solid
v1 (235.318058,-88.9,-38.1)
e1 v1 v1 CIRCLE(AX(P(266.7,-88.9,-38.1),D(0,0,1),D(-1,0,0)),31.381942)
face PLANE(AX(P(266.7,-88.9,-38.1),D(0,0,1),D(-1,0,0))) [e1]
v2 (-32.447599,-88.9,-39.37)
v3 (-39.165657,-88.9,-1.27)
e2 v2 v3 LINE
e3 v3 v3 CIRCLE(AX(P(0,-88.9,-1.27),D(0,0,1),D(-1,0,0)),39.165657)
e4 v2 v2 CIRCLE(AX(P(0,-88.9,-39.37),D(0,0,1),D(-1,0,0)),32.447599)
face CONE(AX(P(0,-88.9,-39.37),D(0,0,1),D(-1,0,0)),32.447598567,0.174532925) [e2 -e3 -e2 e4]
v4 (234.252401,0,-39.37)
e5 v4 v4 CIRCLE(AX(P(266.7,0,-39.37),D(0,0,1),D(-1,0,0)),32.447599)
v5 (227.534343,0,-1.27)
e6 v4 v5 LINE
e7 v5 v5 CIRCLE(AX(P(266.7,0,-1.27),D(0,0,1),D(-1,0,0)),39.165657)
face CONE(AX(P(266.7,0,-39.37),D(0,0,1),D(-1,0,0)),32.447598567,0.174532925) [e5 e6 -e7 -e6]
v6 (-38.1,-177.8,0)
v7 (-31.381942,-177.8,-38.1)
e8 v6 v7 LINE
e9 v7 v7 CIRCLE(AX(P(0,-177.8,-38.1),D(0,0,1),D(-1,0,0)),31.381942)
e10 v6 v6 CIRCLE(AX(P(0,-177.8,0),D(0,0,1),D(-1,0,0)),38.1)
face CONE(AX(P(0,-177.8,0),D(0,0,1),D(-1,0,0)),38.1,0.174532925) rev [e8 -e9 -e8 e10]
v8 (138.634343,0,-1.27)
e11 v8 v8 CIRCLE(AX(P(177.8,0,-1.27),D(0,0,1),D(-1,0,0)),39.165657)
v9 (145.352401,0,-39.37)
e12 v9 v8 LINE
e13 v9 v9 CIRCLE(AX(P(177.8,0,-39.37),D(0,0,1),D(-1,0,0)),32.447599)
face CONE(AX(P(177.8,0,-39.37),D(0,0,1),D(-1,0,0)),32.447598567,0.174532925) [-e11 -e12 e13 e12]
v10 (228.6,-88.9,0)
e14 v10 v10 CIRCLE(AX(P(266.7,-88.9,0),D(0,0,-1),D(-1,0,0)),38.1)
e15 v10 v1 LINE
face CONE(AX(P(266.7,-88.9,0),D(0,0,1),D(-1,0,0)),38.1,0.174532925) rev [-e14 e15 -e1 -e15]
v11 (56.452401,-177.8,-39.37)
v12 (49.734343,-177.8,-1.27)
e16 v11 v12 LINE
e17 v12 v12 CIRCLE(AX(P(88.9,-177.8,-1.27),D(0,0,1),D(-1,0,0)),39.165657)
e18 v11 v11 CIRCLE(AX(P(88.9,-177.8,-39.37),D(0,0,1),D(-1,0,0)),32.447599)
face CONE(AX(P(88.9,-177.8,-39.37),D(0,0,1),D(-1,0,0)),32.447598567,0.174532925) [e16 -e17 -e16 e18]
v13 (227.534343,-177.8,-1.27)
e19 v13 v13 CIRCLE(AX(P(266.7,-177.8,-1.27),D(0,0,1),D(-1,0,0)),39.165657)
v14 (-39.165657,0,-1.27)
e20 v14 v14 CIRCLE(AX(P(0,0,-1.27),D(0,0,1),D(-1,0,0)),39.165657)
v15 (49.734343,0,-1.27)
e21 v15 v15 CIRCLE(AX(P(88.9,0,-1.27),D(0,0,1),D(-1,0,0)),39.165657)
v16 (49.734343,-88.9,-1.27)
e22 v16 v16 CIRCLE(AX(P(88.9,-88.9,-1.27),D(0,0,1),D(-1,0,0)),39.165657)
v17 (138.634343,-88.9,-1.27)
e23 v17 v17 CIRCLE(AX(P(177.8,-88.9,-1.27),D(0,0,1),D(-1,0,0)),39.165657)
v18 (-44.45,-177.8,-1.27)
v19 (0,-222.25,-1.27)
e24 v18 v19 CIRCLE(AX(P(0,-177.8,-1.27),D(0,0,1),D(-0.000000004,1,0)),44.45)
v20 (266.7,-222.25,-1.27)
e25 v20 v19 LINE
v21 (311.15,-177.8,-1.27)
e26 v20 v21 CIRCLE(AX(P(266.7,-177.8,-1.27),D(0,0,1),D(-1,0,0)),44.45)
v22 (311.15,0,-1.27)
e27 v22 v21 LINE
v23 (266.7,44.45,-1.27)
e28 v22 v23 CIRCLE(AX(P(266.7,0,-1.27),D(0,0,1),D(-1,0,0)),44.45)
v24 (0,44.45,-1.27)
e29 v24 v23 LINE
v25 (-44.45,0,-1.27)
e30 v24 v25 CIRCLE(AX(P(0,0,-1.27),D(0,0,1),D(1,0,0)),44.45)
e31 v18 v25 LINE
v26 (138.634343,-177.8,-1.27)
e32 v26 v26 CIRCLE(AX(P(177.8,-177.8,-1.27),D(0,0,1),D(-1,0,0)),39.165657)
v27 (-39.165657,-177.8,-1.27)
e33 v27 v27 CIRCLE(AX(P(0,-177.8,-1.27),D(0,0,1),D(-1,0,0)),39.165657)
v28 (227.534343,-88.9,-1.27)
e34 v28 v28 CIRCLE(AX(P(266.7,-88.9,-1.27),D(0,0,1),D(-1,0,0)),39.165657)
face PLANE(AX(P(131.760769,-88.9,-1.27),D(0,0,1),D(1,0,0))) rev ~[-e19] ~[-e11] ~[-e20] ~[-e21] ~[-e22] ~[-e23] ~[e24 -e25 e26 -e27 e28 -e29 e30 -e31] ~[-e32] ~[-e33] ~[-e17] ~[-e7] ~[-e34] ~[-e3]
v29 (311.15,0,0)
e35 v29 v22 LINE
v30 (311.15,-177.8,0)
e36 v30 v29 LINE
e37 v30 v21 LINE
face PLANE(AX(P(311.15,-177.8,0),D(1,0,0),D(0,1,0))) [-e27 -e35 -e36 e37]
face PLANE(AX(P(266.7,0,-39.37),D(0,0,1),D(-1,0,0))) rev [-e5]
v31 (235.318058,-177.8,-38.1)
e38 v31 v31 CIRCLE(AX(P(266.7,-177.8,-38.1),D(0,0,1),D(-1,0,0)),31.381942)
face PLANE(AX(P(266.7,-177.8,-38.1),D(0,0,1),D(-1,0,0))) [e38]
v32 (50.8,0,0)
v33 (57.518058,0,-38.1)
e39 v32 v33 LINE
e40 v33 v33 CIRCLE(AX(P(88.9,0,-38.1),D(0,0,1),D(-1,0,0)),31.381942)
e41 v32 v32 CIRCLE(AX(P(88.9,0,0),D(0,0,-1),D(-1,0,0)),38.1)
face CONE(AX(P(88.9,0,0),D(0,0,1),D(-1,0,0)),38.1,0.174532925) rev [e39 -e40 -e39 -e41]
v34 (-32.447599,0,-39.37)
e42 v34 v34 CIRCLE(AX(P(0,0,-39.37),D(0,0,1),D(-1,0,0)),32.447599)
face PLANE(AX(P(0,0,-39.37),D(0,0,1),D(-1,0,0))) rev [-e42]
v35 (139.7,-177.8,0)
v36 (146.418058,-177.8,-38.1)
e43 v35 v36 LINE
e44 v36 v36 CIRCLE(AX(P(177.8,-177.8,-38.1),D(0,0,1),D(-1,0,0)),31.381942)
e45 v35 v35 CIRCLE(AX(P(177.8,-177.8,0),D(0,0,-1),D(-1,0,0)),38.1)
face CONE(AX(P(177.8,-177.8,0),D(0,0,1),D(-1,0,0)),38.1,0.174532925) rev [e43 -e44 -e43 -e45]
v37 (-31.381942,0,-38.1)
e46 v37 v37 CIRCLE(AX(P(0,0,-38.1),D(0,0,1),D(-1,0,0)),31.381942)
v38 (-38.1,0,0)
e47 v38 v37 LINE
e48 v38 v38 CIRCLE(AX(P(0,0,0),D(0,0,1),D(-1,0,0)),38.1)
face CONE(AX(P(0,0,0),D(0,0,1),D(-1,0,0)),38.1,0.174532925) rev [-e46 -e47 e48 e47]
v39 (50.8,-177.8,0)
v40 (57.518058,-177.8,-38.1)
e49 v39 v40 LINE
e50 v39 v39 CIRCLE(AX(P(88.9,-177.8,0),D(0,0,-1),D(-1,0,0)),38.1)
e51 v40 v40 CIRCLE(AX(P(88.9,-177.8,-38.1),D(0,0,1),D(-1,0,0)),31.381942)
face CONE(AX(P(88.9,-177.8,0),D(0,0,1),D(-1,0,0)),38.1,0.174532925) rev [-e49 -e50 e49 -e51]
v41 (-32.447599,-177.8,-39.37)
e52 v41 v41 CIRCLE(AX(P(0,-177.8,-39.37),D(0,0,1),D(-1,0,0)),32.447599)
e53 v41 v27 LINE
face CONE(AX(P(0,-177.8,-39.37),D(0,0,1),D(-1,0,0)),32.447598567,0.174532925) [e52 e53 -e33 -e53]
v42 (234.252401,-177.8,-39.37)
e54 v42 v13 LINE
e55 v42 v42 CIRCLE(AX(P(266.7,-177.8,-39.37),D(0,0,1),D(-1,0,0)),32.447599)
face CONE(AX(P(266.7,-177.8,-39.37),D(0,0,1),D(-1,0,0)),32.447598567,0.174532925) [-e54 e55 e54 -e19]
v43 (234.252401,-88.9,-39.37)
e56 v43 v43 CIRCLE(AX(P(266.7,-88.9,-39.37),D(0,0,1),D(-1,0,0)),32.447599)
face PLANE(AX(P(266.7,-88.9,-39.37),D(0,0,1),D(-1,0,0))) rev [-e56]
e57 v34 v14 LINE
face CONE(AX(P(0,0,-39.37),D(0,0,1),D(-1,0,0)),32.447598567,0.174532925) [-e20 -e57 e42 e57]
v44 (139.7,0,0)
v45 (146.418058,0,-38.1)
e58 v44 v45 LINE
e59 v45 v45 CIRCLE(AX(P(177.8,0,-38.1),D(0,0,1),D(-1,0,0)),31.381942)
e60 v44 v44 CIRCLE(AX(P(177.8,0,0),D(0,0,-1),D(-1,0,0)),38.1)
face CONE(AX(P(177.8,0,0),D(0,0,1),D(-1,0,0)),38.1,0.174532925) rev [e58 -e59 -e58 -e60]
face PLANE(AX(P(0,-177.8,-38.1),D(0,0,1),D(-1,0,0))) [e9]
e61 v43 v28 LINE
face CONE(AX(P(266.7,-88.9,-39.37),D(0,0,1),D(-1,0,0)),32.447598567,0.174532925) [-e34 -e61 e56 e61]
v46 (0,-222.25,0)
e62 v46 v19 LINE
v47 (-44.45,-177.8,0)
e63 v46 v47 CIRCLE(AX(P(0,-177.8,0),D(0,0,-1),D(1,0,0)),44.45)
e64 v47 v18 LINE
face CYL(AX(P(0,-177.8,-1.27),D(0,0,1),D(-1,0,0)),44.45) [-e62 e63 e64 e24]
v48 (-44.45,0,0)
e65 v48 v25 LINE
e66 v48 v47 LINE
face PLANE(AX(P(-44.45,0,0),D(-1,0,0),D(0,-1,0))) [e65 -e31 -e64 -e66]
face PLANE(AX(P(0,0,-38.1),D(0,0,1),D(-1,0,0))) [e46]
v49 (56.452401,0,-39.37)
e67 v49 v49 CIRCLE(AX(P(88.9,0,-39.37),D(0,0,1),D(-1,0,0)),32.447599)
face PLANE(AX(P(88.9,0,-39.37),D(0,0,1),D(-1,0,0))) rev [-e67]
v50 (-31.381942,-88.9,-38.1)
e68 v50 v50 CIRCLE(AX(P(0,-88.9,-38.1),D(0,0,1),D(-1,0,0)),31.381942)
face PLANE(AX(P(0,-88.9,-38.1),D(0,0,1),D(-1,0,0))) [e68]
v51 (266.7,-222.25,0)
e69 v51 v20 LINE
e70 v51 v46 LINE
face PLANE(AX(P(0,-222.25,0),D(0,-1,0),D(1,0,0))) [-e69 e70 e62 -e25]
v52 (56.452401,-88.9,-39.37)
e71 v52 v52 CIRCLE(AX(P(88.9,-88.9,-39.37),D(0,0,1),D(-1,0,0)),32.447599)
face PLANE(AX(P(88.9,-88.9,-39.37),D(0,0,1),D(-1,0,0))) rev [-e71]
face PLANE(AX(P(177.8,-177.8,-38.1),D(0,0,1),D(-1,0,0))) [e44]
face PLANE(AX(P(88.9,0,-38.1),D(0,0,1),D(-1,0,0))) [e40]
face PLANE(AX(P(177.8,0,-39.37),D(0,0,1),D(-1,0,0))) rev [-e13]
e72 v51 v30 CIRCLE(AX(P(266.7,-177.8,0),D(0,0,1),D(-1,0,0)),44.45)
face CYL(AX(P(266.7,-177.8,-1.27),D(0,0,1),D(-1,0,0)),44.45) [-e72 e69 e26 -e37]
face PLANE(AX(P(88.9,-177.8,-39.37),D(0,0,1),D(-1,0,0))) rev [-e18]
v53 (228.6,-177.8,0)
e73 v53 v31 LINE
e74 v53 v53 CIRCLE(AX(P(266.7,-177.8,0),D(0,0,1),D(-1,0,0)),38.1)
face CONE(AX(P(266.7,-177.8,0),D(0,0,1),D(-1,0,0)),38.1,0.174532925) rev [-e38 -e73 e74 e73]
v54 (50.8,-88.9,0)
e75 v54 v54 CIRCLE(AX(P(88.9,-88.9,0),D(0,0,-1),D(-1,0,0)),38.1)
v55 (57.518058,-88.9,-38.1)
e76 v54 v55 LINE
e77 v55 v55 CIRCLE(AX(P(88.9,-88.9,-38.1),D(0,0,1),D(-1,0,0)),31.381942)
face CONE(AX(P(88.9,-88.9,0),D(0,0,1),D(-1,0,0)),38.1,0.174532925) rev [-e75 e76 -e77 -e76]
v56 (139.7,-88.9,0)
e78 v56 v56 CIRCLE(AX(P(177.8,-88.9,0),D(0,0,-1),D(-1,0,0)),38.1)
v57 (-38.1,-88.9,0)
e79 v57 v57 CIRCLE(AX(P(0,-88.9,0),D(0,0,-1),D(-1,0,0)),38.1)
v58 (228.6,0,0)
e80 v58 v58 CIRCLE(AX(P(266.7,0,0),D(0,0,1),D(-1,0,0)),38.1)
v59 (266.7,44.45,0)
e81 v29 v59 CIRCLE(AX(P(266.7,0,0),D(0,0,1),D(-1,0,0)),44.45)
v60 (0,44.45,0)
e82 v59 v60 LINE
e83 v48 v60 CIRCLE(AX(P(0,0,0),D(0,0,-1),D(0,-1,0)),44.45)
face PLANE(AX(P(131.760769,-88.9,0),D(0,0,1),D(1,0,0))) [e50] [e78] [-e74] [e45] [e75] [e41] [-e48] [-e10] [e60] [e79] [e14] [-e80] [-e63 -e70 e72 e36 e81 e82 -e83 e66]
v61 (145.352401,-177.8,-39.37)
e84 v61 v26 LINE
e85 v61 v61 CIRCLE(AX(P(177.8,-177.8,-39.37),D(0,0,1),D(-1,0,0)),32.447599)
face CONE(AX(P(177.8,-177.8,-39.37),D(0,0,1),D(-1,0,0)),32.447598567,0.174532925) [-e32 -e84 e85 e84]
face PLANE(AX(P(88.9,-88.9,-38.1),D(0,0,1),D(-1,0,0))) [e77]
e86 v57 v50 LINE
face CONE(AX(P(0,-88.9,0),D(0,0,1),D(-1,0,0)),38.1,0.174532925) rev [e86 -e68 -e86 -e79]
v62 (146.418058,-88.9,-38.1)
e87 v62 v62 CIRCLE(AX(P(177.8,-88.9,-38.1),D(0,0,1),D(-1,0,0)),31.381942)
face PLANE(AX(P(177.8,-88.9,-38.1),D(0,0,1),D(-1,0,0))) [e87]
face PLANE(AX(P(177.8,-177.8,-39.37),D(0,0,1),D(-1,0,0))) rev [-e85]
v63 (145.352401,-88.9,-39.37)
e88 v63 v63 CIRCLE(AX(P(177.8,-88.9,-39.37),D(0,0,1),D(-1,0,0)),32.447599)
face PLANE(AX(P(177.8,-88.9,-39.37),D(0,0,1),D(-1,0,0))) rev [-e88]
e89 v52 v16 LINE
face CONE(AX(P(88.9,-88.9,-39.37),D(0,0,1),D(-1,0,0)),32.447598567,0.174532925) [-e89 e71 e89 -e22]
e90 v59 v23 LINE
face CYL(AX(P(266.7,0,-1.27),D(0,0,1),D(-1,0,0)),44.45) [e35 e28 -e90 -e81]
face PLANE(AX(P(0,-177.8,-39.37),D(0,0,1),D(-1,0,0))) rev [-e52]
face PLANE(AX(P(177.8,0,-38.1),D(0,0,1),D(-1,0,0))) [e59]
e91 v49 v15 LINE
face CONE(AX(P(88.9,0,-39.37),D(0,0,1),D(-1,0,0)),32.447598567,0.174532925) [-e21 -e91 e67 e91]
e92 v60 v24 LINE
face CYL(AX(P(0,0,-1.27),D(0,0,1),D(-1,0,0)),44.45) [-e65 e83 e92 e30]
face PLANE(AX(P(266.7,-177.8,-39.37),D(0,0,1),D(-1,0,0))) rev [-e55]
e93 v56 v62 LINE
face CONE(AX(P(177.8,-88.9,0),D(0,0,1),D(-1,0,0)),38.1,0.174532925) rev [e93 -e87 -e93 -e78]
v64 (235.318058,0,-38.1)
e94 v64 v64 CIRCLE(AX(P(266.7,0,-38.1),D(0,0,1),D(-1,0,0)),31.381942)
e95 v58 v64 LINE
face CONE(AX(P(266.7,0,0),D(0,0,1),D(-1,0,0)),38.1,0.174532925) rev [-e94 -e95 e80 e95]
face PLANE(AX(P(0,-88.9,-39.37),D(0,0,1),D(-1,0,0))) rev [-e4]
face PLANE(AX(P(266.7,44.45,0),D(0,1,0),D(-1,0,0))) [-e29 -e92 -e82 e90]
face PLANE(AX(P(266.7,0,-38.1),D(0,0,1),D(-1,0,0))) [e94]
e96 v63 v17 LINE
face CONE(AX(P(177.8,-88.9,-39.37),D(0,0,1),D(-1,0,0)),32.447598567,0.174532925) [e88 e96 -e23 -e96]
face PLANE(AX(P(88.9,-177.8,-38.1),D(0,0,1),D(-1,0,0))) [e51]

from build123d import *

# Parameters (mm, degrees)
LPATTERN1_COUNT     = 3
LPATTERN1_PITCH     = 88.9
LPATTERN1_2_COUNT   = 4
LPATTERN1_2_PITCH   = 88.9
SKETCH3_R           = 38.1
BOSS_EXTRUDE1_DEPTH = 1.27


with BuildPart() as part:
    # Sketch1 → Revolve1 (revolve)
    with BuildSketch(Plane.YZ, mode=Mode.PRIVATE) as revolve1_sk:
        Polygon((38.1, 0), (31.381942035, -38.1), (0, -38.1), (0, -39.37), (32.447598567, -39.37), (39.165656532, -1.27), (44.45, -1.27), (44.45, 0), align=None)
    revolve(revolve1_sk.sketch.rotate(Axis((0, 0, -38.1), (0, 0, 1)), 90), axis=Axis((0, 0, -38.1), (0, 0, 1)))


with BuildPart() as lpattern1_1:
    # LPattern1: pattern copy
    add(part.part.moved(Location(Vector(0, -1, 0) * (1 * LPATTERN1_PITCH))))


with BuildPart() as lpattern1_2:
    # LPattern1: pattern copy
    add(part.part.moved(Location(Vector(0, -1, 0) * (2 * LPATTERN1_PITCH))))


with BuildPart() as lpattern1_2_1:
    # LPattern1 2: pattern copy
    add(part.part.moved(Location(Vector(1, 0, 0) * (1 * LPATTERN1_2_PITCH))))


with BuildPart() as lpattern1_2_2:
    # LPattern1 2: pattern copy
    add(part.part.moved(Location(Vector(1, 0, 0) * (2 * LPATTERN1_2_PITCH))))


with BuildPart() as lpattern1_2_3:
    # LPattern1 2: pattern copy
    add(part.part.moved(Location(Vector(1, 0, 0) * (3 * LPATTERN1_2_PITCH))))


with BuildPart() as lpattern1_2_4:
    # LPattern1 2: pattern copy
    add(lpattern1_1.part.moved(Location(Vector(1, 0, 0) * (1 * LPATTERN1_2_PITCH))))


with BuildPart() as lpattern1_2_5:
    # LPattern1 2: pattern copy
    add(lpattern1_1.part.moved(Location(Vector(1, 0, 0) * (2 * LPATTERN1_2_PITCH))))


with BuildPart() as lpattern1_2_6:
    # LPattern1 2: pattern copy
    add(lpattern1_1.part.moved(Location(Vector(1, 0, 0) * (3 * LPATTERN1_2_PITCH))))


with BuildPart() as lpattern1_2_7:
    # LPattern1 2: pattern copy
    add(lpattern1_2.part.moved(Location(Vector(1, 0, 0) * (1 * LPATTERN1_2_PITCH))))


with BuildPart() as lpattern1_2_8:
    # LPattern1 2: pattern copy
    add(lpattern1_2.part.moved(Location(Vector(1, 0, 0) * (2 * LPATTERN1_2_PITCH))))


with BuildPart() as lpattern1_2_9:
    # LPattern1 2: pattern copy
    add(lpattern1_2.part.moved(Location(Vector(1, 0, 0) * (3 * LPATTERN1_2_PITCH))))


with BuildPart() as part_1:
    add(part.part)

    add(lpattern1_1.part)  # Boss-Extrude1 merges LPattern1_1

    add(lpattern1_2.part)  # Boss-Extrude1 merges LPattern1_2

    add(lpattern1_2_1.part)  # Boss-Extrude1 merges LPattern1 2_1

    add(lpattern1_2_2.part)  # Boss-Extrude1 merges LPattern1 2_2

    add(lpattern1_2_3.part)  # Boss-Extrude1 merges LPattern1 2_3

    add(lpattern1_2_4.part)  # Boss-Extrude1 merges LPattern1 2_4

    add(lpattern1_2_5.part)  # Boss-Extrude1 merges LPattern1 2_5

    add(lpattern1_2_6.part)  # Boss-Extrude1 merges LPattern1 2_6

    add(lpattern1_2_7.part)  # Boss-Extrude1 merges LPattern1 2_7

    add(lpattern1_2_8.part)  # Boss-Extrude1 merges LPattern1 2_8

    add(lpattern1_2_9.part)  # Boss-Extrude1 merges LPattern1 2_9
    # Sketch3 → Boss-Extrude1 (add)
    with BuildSketch(Plane.XY):
        with BuildLine():
            ThreePointArc((44.45, -177.8), (31.430896424, -209.230896424), (0, -222.25))
            Line((0, -222.25), (266.7, -222.25))
            ThreePointArc((266.7, -222.25), (235.269103576, -146.369103576), (311.15, -177.8))
            Line((311.15, -177.8), (311.15, 0))
            ThreePointArc((311.15, 0), (235.269103576, -31.430896424), (266.7, 44.45))
            Line((266.7, 44.45), (0, 44.45))
            ThreePointArc((0, 44.45), (31.430896424, 31.430896424), (44.45, 0))
            ThreePointArc((44.45, 0), (0, -44.45), (-44.45, 0))
            Line((-44.45, 0), (-44.45, -177.8))
            ThreePointArc((-44.45, -177.8), (0, -133.35), (44.45, -177.8))
        make_face()
        with Locations((88.9, -177.8)):
            Circle(SKETCH3_R, mode=Mode.SUBTRACT)
        with Locations((177.8, -177.8)):
            Circle(SKETCH3_R, mode=Mode.SUBTRACT)
        with Locations((0, -88.9)):
            Circle(SKETCH3_R, mode=Mode.SUBTRACT)
        with Locations((88.9, -88.9)):
            Circle(SKETCH3_R, mode=Mode.SUBTRACT)
        with Locations((88.9, 0)):
            Circle(SKETCH3_R, mode=Mode.SUBTRACT)
        with Locations((177.8, -88.9)):
            Circle(SKETCH3_R, mode=Mode.SUBTRACT)
        with Locations((266.7, -88.9)):
            Circle(SKETCH3_R, mode=Mode.SUBTRACT)
        with Locations((177.8, 0)):
            Circle(SKETCH3_R, mode=Mode.SUBTRACT)
    extrude(amount=-BOSS_EXTRUDE1_DEPTH)


solid = part_1.part
